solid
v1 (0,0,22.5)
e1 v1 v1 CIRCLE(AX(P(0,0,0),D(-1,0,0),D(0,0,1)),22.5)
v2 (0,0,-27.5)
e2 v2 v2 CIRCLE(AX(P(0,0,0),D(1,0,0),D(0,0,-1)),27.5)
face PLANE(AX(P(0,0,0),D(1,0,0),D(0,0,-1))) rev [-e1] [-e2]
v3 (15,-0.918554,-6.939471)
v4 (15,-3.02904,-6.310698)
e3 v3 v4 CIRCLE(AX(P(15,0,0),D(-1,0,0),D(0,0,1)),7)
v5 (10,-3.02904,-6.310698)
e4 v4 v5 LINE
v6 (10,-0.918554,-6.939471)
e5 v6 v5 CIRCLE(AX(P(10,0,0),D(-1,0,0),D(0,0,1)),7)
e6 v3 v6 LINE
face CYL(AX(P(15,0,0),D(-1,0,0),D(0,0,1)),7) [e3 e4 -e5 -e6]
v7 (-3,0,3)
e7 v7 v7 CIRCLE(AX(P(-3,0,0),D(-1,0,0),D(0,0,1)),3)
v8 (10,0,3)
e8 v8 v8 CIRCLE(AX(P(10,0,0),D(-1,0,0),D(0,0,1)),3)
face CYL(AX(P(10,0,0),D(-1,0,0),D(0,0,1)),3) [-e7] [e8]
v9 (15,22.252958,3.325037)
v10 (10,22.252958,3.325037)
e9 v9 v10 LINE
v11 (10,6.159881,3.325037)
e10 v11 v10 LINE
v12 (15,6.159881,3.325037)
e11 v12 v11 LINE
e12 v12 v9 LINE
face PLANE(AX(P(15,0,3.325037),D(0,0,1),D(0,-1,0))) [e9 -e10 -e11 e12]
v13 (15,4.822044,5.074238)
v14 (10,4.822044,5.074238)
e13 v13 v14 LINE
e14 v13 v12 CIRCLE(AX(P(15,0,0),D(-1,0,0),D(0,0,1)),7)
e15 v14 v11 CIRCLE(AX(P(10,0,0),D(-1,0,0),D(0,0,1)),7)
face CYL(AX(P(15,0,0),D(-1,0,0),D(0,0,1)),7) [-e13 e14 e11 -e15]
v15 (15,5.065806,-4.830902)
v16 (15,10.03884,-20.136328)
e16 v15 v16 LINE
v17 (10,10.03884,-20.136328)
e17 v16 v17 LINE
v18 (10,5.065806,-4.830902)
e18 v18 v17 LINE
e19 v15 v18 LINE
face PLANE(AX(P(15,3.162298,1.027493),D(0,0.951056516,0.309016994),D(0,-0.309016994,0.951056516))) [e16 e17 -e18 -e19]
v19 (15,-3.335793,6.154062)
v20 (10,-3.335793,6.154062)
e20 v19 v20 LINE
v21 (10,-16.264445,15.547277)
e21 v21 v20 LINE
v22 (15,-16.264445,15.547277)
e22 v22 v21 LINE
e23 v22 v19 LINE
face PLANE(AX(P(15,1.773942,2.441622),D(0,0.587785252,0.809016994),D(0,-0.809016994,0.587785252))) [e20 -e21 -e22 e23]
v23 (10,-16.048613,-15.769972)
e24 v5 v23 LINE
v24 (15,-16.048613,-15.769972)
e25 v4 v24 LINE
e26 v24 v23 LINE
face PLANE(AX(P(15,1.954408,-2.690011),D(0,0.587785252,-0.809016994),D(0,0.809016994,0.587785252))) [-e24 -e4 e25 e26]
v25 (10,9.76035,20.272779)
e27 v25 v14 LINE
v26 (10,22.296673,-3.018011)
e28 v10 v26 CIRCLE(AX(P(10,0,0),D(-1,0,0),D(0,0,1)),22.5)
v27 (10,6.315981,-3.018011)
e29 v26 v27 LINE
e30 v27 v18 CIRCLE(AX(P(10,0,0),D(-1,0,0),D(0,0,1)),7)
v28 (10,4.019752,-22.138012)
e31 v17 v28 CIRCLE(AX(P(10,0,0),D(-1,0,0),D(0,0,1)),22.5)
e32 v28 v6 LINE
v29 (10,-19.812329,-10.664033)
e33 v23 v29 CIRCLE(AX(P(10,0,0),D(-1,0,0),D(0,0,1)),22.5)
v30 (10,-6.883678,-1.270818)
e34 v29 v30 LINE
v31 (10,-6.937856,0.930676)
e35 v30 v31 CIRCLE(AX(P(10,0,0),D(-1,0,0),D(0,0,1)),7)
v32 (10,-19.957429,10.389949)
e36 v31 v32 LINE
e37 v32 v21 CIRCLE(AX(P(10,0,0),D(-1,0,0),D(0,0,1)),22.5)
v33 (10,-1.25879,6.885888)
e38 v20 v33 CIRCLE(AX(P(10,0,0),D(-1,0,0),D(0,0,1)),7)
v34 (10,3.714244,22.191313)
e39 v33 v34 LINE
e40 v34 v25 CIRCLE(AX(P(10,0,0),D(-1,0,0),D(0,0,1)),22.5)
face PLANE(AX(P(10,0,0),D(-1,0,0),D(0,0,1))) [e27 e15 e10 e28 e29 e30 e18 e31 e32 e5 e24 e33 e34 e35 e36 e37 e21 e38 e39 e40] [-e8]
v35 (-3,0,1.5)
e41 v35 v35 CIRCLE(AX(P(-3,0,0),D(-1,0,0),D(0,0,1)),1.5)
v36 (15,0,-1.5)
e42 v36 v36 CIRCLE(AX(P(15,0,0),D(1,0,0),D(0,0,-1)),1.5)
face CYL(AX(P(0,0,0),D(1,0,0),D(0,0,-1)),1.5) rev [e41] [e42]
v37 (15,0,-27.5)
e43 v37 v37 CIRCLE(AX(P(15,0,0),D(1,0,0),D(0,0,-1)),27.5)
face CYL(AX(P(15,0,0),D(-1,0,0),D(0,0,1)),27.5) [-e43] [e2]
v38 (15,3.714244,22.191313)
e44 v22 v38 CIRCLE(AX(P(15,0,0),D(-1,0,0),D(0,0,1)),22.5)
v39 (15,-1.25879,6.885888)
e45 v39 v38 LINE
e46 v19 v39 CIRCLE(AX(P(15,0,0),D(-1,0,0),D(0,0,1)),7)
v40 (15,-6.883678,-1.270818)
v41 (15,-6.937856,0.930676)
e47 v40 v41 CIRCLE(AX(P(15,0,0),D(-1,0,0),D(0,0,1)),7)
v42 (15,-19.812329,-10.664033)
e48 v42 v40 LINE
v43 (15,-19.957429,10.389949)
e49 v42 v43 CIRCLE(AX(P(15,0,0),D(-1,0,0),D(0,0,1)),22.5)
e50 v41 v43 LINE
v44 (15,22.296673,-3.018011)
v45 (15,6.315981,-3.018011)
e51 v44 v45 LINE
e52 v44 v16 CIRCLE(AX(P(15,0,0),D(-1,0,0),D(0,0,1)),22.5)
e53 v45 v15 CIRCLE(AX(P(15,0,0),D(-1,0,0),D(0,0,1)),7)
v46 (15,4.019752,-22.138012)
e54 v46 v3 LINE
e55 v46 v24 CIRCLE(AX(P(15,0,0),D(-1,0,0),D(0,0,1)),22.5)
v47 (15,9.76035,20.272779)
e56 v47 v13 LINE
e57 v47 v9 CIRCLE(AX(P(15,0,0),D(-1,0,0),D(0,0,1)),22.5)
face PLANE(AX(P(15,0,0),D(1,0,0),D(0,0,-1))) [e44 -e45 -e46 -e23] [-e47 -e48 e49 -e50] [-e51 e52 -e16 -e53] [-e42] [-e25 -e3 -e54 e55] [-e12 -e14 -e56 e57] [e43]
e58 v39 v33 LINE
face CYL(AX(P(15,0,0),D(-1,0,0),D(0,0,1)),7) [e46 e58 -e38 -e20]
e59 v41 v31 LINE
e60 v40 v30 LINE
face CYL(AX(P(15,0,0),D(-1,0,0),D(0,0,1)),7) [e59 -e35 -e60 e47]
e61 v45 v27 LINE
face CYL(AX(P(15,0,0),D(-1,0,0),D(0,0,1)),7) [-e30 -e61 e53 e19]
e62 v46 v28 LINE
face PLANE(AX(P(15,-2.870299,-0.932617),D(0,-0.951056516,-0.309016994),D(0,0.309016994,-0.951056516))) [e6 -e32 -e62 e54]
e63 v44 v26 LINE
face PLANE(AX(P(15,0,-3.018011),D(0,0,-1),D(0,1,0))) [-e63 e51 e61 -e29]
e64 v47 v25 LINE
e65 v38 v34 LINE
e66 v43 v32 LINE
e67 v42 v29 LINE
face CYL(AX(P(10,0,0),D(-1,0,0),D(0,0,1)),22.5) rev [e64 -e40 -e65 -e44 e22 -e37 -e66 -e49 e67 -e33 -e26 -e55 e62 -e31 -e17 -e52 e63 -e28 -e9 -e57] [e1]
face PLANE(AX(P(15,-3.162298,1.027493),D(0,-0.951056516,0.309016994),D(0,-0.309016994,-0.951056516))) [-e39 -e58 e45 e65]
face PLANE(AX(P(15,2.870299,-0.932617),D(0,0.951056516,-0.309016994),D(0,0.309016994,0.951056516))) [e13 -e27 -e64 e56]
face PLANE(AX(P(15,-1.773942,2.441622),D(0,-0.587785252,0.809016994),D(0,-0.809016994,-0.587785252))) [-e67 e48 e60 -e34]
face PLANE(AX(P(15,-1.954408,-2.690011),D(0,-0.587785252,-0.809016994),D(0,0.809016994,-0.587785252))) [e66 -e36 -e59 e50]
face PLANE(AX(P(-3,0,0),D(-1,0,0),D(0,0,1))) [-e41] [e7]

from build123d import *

# Parameters (mm, degrees)
SKETCH1_R           = 27.5
BOSS_EXTRUDE1_DEPTH = 15
SKETCH2_R           = 1.5
CUT_EXTRUDE1_DEPTH  = 16
SKETCH3_R           = 22.5
SKETCH3_R_2         = 3
CUT_EXTRUDE2_DEPTH  = 10
SKETCH4_R           = 3
SKETCH4_R_2         = 1.5
BOSS_EXTRUDE2_DEPTH = 3
CUT_EXTRUDE3_DEPTH  = 6


with BuildPart() as part:
    # Sketch1 → Boss-Extrude1 (new body)
    with BuildSketch(Plane(origin=(0, 0, 0), x_dir=(0, 0, -1), z_dir=(1, 0, 0))):
        Circle(SKETCH1_R)
    extrude(amount=BOSS_EXTRUDE1_DEPTH)

    # Sketch2 → Cut-Extrude1 (cut, through all)
    with BuildSketch(Plane(origin=(15, 0, 0), x_dir=(0, 0, -1), z_dir=(1, 0, 0))):
        Circle(SKETCH2_R)
    extrude(amount=-CUT_EXTRUDE1_DEPTH, mode=Mode.SUBTRACT)

    # Sketch3 → Cut-Extrude2 (cut)
    with BuildSketch(Plane.ZY):
        Circle(SKETCH3_R)
        Circle(SKETCH3_R_2, mode=Mode.SUBTRACT)
    extrude(amount=-CUT_EXTRUDE2_DEPTH, mode=Mode.SUBTRACT)

    # Sketch4 → Boss-Extrude2 (add)
    with BuildSketch(Plane.ZY):
        Circle(SKETCH4_R)
        Circle(SKETCH4_R_2, mode=Mode.SUBTRACT)
    extrude(amount=BOSS_EXTRUDE2_DEPTH)

    # Sketch5 → Cut-Extrude3 (cut, through all)
    with BuildSketch(Plane.ZY.offset(-10)):
        with BuildLine():
            Line((5.074237821, 4.822044228), (20.272779151, 9.76034966))
            ThreePointArc((20.272779151, 9.76034966), (13.350301343, 18.111307353), (3.325036991, 22.252957759))
            Line((3.325036991, 22.252957759), (3.325036991, 6.1598806))
            ThreePointArc((3.325036991, 6.1598806), (4.252576382, 5.560179324), (5.074237821, 4.822044228))
        make_face()
        with BuildLine():
            Line((-3.018010865, 6.315980559), (-3.018010865, 22.296672631))
            ThreePointArc((-3.018010865, 22.296672631), (-13.099406882, 18.293592849), (-20.136327546, 10.03884022))
            Line((-20.136327546, 10.03884022), (-4.830901647, 5.065805886))
            ThreePointArc((-4.830901647, 5.065805886), (-3.973926406, 5.762630382), (-3.018010865, 6.315980559))
        make_face()
        with BuildLine():
            Line((-6.939471114, -0.91855357), (-22.138012444, 4.019751862))
            ThreePointArc((-22.138012444, 4.019751862), (-21.446180029, -6.805245196), (-15.769971823, -16.048613295))
            Line((-15.769971823, -16.048613295), (-6.310698406, -3.029040382))
            ThreePointArc((-6.310698406, -3.029040382), (-6.70859797, -1.998677884), (-6.939471114, -0.91855357))
        make_face()
        with BuildLine():
            Line((10.389948957, -19.957428709), (0.93067554, -6.937855796))
            ThreePointArc((0.93067554, -6.937855796), (-0.172215156, -6.997881246), (-1.270818148, -6.883677886))
            Line((-1.270818148, -6.883677886), (-10.664033269, -19.812329354))
            ThreePointArc((-10.664033269, -19.812329354), (-0.155061304, -22.499465682), (10.389948957, -19.957428709))
        make_face()
        with BuildLine():
            ThreePointArc((22.5, 0), (22.422695556, 1.863524623), (22.19131342, 3.714244025))
            Line((22.19131342, 3.714244025), (6.885887521, -1.258790309))
            ThreePointArc((6.885887521, -1.258790309), (6.60216315, -2.326250576), (6.154062305, -3.335793331))
            Line((6.154062305, -3.335793331), (15.547277427, -16.264444799))
            ThreePointArc((15.547277427, -16.264444799), (20.688931124, -8.844101365), (22.5, 0))
        make_face()
    extrude(amount=-CUT_EXTRUDE3_DEPTH, mode=Mode.SUBTRACT)


solid = part.part
